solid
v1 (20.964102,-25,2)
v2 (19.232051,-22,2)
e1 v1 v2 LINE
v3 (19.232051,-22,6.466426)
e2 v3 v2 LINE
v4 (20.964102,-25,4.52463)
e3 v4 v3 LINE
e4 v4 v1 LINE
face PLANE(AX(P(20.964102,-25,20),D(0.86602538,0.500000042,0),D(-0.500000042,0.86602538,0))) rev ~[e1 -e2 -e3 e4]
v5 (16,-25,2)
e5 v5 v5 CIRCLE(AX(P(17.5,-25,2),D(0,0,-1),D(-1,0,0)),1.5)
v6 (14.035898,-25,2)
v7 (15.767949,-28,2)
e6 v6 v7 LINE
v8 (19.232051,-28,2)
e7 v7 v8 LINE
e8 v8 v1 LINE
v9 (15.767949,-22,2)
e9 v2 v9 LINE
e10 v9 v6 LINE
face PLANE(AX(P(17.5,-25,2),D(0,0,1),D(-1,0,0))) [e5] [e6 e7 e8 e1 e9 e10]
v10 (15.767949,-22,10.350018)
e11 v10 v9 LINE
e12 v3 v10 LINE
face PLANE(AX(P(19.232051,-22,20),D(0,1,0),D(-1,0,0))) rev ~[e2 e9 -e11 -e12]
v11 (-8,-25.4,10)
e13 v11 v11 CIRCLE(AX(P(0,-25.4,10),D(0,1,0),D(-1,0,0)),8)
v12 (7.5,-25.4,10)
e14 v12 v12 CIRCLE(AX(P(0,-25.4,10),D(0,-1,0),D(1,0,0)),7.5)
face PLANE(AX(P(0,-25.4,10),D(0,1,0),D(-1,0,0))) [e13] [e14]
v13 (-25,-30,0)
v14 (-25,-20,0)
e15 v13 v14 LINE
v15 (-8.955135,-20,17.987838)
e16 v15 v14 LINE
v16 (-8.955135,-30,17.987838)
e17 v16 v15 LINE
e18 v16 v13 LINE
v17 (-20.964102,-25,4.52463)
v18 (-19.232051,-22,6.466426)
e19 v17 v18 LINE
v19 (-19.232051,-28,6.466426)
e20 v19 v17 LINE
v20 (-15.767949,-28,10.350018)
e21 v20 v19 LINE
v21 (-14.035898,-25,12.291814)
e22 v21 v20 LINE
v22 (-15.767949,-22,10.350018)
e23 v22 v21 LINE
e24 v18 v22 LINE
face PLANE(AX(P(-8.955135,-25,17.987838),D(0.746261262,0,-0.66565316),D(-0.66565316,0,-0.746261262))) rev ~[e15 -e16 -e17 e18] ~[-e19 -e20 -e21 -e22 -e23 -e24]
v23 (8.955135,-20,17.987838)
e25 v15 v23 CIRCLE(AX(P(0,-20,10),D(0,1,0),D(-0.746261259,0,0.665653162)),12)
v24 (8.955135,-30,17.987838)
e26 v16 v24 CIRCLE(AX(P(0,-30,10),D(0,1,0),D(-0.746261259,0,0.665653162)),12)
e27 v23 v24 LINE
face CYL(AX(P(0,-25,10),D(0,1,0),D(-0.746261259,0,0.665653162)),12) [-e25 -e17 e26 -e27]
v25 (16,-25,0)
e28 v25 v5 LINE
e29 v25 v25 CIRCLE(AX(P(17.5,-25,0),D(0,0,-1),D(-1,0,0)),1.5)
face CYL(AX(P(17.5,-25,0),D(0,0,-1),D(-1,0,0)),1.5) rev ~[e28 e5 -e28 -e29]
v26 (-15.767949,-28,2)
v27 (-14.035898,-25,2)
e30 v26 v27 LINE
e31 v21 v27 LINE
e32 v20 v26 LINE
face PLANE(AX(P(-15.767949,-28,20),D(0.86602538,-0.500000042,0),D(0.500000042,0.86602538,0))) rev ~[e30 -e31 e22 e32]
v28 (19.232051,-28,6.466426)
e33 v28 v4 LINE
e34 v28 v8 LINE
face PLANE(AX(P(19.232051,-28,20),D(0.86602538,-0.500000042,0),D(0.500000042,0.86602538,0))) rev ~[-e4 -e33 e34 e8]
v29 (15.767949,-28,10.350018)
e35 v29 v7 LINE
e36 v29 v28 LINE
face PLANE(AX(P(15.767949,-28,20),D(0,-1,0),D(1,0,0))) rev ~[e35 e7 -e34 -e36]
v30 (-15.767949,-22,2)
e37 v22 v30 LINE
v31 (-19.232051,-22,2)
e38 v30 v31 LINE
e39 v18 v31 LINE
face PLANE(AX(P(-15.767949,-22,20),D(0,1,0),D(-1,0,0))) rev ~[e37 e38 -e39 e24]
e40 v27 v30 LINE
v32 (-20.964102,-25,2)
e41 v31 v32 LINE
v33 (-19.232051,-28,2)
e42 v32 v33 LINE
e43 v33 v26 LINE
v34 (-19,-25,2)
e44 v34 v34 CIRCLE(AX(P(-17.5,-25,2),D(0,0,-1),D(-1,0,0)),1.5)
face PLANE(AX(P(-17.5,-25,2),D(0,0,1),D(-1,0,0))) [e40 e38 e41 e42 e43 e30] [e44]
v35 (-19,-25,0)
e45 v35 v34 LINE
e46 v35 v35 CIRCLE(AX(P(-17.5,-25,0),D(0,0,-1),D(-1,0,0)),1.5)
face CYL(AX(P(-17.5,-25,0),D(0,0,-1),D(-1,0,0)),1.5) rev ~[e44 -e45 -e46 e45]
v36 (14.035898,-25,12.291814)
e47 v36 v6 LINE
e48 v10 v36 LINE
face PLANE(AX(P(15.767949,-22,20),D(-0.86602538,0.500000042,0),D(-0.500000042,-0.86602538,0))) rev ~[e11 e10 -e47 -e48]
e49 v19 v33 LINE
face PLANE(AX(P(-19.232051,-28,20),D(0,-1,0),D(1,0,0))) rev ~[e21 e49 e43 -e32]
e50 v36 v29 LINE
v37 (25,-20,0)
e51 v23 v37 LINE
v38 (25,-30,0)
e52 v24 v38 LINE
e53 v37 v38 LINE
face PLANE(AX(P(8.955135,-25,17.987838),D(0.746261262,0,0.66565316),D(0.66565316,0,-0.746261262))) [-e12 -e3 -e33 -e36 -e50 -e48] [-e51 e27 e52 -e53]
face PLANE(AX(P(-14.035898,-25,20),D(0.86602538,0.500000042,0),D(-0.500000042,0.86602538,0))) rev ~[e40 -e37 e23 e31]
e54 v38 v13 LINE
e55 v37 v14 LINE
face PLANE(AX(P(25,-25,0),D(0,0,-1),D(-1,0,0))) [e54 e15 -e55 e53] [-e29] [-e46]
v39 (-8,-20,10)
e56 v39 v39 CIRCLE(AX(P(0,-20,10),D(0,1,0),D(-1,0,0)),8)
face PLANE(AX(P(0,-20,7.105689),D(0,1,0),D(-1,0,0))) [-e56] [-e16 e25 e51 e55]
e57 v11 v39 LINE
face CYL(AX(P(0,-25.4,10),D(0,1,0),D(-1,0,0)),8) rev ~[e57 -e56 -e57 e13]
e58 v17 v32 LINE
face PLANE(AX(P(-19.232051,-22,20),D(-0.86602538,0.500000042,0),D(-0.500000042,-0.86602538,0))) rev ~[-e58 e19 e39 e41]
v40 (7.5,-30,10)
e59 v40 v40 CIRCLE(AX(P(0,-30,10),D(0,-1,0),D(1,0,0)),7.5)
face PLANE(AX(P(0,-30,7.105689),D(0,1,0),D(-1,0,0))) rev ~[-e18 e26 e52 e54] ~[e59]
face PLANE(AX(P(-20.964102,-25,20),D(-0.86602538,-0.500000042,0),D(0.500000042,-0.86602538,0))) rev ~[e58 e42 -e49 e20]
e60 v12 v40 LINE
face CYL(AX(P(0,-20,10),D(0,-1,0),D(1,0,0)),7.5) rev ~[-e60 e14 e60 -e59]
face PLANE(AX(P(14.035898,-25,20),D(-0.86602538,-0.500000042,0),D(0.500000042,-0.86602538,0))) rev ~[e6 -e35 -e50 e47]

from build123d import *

# Parameters (mm, degrees)
PAD_DEPTH               = 5
HOLE_D                  = 15
HOLE_CBORE_D            = 16
HOLE_CBORE_DEPTH        = 5.4
SKETCH002_R             = 1.5
HOLE001_DEPTH           = 25
POCKET_DEPTH            = 18
BODY001_PLACEMENT_ANGLE = 180


with BuildPart() as part:
    # Sketch → Pad (new body, symmetric)
    with BuildSketch(Plane.XZ):
        with BuildLine():
            Line((-25, 0), (25, 0))
            Line((8.955135, 17.987838), (25, 0))
            ThreePointArc((8.955135, 17.987838), (0, 22), (-8.955135, 17.987838))
            Line((-8.955135, 17.987838), (-25, 0))
        make_face()
    extrude(amount=PAD_DEPTH, both=True)

    # Hole (through all)
    with Locations(Plane.XZ.offset(5)):
        with Locations((0, 10)):
            CounterBoreHole(HOLE_D / 2, HOLE_CBORE_D / 2, HOLE_CBORE_DEPTH)

    # Sketch002 (on Face6 of Hole) → Hole001 (cut)
    with BuildSketch(Plane(origin=(0, 0, 0), x_dir=(1, 0, 0), z_dir=(0, 0, -1))):
        with Locations((-17.5, 0)):
            Circle(SKETCH002_R)
        with Locations((17.5, 0)):
            Circle(SKETCH002_R)
    extrude(amount=-HOLE001_DEPTH, mode=Mode.SUBTRACT)

    # Sketch003 → Pocket (cut)
    with BuildSketch(Plane.XY.offset(20)):
        Polygon((-15.767949, 3), (-19.232051, 3), (-20.964102, 0), (-19.232051, -3), (-15.767949, -3), (-14.035898, 0), align=None)
        Polygon((15.767949, 3), (14.035898, 0), (15.767949, -3), (19.232051, -3), (20.964102, 0), (19.232051, 3), align=None)
    extrude(amount=-POCKET_DEPTH, mode=Mode.SUBTRACT)


with BuildPart() as part_1:
    # Body placement: moved
    add(part.part.moved(Location((0, 25, 0))))


with BuildPart() as part_2:
    # Clone placement: moved
    add(part_1.part.moved(Location((0, -25, 0))))


with BuildPart() as part_3:
    # Body001 placement: moved
    add(part_2.part.moved(Location((0, -25, 0))).rotate(Axis((0, -25, 0), (0, 0, 1)), BODY001_PLACEMENT_ANGLE))


solid = part_3.part
